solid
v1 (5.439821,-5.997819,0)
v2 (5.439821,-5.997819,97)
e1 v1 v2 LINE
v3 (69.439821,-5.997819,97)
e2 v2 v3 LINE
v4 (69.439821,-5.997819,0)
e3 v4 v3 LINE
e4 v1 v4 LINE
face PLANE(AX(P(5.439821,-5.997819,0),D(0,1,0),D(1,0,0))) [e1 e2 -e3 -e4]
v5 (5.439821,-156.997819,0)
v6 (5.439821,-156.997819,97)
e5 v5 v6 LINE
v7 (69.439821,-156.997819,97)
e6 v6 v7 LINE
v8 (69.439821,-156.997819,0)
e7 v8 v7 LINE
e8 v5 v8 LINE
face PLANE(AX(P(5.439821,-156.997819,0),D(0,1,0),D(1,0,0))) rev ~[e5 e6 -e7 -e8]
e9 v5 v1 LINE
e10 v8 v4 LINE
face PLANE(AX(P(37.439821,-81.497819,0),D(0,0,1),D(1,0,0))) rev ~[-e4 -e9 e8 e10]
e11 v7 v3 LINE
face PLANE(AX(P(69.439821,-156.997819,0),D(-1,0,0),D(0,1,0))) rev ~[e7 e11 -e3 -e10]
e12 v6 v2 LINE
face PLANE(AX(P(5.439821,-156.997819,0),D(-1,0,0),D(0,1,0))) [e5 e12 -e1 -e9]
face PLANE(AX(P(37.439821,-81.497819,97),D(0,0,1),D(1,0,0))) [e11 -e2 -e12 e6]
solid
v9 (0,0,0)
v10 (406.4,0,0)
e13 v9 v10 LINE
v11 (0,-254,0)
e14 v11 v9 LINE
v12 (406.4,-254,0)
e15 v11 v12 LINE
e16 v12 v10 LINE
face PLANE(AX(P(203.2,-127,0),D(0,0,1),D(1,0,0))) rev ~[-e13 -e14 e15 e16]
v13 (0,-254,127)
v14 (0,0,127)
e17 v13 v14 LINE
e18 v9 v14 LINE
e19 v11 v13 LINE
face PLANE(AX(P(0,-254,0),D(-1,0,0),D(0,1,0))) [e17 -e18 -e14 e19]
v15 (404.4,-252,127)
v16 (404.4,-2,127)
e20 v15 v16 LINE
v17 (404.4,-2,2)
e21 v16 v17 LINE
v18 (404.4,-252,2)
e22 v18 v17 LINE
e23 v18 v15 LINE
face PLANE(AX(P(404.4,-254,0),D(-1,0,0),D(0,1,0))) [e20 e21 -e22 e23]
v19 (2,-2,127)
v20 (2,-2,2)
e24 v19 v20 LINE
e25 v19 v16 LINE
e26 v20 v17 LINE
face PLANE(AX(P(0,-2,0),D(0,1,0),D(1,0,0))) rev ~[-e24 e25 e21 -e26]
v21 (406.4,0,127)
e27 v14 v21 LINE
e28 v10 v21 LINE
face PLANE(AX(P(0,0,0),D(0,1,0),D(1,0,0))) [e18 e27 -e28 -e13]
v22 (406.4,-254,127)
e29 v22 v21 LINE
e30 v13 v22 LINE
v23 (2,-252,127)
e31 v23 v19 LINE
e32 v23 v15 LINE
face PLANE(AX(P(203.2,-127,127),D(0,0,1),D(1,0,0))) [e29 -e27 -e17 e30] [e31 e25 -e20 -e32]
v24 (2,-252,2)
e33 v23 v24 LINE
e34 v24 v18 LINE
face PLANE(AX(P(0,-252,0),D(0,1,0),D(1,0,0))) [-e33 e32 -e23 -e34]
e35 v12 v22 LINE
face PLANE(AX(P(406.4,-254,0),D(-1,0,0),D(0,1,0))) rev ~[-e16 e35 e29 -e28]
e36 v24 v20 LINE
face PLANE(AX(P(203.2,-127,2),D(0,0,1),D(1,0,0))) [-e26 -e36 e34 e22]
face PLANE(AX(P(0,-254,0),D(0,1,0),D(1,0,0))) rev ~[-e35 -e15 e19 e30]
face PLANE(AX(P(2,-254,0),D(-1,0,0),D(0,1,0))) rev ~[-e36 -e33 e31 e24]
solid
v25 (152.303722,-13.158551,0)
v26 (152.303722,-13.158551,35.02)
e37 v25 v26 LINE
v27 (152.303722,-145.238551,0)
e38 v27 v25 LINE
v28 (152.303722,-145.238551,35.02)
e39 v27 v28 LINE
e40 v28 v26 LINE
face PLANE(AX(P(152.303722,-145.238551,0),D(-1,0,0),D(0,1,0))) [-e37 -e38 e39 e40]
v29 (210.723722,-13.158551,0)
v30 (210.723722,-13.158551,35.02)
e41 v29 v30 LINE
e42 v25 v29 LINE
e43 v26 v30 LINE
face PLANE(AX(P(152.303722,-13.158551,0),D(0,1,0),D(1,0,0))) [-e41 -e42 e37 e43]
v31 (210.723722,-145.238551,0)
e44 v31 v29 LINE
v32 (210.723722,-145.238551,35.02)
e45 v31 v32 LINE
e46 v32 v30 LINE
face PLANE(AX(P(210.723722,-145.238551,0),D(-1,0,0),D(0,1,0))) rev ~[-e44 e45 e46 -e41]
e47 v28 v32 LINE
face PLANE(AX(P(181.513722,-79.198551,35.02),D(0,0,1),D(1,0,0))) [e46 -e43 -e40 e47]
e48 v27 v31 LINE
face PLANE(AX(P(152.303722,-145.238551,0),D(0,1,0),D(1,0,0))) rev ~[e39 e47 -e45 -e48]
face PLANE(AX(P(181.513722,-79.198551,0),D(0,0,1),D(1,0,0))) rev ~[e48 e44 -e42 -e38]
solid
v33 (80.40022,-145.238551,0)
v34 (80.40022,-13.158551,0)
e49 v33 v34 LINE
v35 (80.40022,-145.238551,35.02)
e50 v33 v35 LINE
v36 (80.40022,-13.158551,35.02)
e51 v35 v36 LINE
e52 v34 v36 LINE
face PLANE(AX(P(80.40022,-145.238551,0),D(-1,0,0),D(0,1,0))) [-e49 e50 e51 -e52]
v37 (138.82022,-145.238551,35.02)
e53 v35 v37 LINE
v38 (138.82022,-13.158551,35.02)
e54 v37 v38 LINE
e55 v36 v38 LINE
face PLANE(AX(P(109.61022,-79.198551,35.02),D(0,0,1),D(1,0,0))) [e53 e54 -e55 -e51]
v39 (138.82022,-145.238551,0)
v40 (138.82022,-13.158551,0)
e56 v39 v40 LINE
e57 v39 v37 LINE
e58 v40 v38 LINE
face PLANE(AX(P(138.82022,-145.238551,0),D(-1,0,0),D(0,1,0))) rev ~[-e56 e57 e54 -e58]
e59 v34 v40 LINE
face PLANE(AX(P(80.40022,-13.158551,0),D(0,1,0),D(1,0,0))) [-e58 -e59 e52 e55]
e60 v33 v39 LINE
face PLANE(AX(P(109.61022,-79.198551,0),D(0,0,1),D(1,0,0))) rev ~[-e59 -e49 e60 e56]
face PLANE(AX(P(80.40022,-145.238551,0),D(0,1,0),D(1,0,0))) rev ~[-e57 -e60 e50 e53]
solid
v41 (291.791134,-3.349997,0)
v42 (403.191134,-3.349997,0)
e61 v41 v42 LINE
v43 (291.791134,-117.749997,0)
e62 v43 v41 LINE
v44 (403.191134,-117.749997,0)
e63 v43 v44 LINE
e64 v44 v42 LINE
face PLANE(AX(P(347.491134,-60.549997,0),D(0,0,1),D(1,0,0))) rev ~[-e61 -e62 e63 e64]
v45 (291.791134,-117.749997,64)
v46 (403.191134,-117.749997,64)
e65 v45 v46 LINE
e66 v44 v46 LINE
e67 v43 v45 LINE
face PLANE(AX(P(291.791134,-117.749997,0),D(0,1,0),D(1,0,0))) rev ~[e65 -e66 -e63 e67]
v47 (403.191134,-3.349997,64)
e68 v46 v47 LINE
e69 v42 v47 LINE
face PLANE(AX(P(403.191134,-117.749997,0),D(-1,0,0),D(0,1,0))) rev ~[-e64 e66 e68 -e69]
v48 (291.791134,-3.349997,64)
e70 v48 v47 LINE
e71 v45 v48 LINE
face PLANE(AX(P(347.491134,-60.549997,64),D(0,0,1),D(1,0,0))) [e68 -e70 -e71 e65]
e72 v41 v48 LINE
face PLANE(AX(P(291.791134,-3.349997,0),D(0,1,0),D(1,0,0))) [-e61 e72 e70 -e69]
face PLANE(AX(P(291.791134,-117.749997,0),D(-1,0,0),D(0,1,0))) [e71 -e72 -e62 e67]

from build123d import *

# Parameters (mm, degrees)
SKETCH_W     = 406.4
SKETCH_H     = 254
PAD_DEPTH    = 127
THICKNESS_T  = -2
SKETCH001_W  = 111.4
SKETCH001_H  = 114.4
PAD001_DEPTH = 64
SKETCH002_W  = 64
SKETCH002_H  = 151
PAD002_DEPTH = 97
SKETCH003_W  = 58.42
SKETCH003_H  = 132.08
PAD003_DEPTH = 35.02
SKETCH004_W  = 58.42
SKETCH004_H  = 132.08
PAD004_DEPTH = 35.02


with BuildPart() as thickness:
    # Sketch → Pad (new body)
    with BuildSketch(Plane.XY):
        with Locations((203.2, -127)):
            Rectangle(SKETCH_W, SKETCH_H)
    extrude(amount=PAD_DEPTH)

    # Thickness
    thickness_openings = [thickness.faces().sort_by_distance(p)[0] for p in [
        (203.2, -127, 127),
    ]]
    offset(amount=THICKNESS_T, openings=thickness_openings)


with BuildPart() as brix:
    # Sketch001 → Pad001 (new body)
    with BuildSketch(Plane.XY):
        with Locations((347.491134, -60.549997)):
            Rectangle(SKETCH001_W, SKETCH001_H)
    extrude(amount=PAD001_DEPTH)


with BuildPart() as batteryupright:
    # Sketch002 → Pad002 (new body)
    with BuildSketch(Plane.XY):
        with Locations((37.439821, -81.497819)):
            Rectangle(SKETCH002_W, SKETCH002_H)
    extrude(amount=PAD002_DEPTH)


with BuildPart() as tenergycharger:
    # Sketch003 → Pad003 (new body)
    with BuildSketch(Plane.XY):
        with Locations((181.513722, -79.198551)):
            Rectangle(SKETCH003_W, SKETCH003_H)
    extrude(amount=PAD003_DEPTH)


with BuildPart() as brixadapterfacsimile:
    # Sketch004 → Pad004 (new body)
    with BuildSketch(Plane.XY):
        with Locations((109.61022, -79.198551)):
            Rectangle(SKETCH004_W, SKETCH004_H)
    extrude(amount=PAD004_DEPTH)


solid = Compound([thickness.part, brix.part, batteryupright.part, tenergycharger.part, brixadapterfacsimile.part])
